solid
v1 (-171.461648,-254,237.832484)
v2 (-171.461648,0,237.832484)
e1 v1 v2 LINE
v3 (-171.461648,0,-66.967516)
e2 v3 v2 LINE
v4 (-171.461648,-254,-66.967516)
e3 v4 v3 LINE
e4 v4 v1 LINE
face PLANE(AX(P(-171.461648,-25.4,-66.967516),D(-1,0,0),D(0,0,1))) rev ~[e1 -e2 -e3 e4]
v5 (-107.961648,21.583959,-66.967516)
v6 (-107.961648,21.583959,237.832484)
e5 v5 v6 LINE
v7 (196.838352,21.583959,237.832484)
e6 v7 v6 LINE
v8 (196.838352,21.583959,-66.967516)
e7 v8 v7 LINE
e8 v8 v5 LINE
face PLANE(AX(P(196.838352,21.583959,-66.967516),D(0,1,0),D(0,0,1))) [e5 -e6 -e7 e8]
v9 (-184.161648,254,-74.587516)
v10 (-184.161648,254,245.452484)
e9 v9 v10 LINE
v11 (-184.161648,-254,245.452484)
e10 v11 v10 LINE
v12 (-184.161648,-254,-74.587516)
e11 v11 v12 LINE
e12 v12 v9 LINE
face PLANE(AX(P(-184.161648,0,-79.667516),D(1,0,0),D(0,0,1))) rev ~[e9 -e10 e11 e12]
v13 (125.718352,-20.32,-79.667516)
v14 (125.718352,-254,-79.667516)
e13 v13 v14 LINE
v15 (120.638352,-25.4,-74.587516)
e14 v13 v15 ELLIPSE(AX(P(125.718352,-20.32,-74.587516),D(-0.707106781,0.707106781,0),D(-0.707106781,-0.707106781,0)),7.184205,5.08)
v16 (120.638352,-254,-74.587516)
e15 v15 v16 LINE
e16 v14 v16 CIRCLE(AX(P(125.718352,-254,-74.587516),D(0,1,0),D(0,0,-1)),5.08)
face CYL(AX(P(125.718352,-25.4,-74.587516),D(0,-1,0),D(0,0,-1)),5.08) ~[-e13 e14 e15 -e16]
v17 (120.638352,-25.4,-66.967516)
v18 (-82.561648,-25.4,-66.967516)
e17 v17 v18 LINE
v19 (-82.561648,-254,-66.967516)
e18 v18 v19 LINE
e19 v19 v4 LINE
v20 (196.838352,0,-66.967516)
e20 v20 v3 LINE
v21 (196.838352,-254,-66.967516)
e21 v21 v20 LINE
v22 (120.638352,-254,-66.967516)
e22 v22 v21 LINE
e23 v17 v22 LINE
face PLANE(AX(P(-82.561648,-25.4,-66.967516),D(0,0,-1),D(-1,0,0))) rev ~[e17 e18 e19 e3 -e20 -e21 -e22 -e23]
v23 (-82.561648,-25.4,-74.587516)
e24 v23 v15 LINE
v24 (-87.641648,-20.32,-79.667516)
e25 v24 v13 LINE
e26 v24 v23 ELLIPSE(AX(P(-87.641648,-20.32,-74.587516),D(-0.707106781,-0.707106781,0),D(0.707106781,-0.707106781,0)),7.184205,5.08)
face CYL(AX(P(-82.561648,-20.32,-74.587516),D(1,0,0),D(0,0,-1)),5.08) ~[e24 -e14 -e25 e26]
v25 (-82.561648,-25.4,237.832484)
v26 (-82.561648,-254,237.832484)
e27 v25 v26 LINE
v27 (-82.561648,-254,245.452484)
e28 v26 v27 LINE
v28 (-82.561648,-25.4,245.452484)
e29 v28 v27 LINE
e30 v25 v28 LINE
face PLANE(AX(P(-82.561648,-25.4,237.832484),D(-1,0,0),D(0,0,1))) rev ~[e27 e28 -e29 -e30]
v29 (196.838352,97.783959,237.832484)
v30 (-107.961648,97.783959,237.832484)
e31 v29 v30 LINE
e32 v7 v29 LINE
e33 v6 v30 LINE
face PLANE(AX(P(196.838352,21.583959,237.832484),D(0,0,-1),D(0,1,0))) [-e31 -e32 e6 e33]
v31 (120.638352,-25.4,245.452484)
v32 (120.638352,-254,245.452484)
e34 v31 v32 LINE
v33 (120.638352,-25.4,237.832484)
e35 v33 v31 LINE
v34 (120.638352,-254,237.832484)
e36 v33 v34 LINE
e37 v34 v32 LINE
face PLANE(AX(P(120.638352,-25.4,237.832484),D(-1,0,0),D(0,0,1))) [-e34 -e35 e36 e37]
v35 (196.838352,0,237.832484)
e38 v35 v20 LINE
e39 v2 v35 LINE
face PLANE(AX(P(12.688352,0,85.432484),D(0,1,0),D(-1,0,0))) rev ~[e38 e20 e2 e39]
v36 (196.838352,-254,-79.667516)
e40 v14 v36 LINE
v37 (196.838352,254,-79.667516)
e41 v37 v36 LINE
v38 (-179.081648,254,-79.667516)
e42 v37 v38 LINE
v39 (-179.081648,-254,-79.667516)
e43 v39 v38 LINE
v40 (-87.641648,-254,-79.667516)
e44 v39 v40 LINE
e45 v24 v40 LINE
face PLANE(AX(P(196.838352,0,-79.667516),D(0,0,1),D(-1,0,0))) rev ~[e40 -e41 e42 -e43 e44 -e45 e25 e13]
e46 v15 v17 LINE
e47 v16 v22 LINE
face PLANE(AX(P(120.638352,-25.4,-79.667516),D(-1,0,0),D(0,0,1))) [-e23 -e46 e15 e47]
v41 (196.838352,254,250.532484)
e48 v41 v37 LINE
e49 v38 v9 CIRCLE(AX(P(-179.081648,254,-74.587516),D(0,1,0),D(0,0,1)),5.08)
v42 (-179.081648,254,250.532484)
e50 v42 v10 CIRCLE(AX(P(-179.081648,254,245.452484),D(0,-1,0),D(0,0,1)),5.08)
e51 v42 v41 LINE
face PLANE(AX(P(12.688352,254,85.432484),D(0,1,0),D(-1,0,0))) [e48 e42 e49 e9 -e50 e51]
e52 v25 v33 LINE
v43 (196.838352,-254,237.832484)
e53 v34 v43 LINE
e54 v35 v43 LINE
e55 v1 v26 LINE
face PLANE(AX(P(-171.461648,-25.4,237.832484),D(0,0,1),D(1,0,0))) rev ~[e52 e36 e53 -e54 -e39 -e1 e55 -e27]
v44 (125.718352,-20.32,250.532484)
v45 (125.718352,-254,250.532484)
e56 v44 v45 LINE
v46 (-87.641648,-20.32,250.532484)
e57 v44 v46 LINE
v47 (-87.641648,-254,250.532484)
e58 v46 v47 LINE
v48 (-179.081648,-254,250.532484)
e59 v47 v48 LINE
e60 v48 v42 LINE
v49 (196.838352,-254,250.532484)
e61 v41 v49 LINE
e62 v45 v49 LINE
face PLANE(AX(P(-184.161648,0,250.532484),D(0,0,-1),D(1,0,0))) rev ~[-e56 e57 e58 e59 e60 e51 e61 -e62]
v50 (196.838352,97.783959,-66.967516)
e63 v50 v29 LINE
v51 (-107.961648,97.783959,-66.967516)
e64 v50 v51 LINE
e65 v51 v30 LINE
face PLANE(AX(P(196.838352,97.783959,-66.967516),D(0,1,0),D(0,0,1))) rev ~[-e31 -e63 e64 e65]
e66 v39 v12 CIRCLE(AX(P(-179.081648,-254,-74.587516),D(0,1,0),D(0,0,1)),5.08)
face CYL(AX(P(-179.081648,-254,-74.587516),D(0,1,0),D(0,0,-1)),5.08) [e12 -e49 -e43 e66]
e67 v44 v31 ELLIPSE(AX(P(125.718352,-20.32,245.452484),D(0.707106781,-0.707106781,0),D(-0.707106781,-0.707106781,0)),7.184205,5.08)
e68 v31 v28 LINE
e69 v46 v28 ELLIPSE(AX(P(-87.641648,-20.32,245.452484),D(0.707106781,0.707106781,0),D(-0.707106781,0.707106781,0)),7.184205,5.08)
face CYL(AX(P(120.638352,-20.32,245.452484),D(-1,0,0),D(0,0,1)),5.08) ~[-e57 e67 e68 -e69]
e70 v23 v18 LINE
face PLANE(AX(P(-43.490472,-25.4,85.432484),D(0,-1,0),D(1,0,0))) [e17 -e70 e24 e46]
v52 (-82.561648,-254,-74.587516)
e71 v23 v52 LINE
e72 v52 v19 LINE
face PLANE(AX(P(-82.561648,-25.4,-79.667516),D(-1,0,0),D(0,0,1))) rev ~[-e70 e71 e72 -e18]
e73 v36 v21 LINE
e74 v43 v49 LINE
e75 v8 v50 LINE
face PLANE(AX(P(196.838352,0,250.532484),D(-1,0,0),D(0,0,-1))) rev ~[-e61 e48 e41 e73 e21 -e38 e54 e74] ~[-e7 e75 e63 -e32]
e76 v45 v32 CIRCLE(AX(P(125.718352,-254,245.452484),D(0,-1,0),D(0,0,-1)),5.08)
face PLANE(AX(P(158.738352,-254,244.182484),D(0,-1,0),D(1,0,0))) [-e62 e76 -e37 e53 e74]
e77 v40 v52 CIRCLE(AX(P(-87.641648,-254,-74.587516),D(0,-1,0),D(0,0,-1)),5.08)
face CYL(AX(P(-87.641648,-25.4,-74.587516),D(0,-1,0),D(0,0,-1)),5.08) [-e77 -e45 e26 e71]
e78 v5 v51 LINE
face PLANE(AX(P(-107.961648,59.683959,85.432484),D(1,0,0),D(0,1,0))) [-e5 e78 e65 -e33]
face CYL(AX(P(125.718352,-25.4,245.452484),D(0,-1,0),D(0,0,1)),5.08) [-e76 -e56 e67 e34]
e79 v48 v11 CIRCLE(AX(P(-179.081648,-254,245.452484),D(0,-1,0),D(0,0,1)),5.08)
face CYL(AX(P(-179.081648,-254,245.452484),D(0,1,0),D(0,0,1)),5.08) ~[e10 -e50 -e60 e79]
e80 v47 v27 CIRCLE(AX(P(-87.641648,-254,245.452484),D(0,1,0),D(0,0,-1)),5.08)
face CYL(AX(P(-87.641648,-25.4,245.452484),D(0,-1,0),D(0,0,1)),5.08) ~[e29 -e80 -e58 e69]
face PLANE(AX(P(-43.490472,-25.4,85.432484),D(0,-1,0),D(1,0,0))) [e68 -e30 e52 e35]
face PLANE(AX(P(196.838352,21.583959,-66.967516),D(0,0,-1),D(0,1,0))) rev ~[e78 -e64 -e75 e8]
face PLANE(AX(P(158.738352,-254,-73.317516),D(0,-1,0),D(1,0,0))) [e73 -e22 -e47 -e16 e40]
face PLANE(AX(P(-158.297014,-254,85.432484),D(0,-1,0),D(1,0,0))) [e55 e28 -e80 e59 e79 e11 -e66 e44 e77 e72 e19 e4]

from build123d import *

# Parameters (mm, degrees)
F1_DEPTH = 25.4
F2_W     = 76.2
F2_H     = 12.7
F3_DEPTH = 228.6
F4_W     = 368.3
F4_H     = 304.8
F5_DEPTH = 254
F6_R     = 5.08
F7_W     = 76.2
F7_H     = 304.8
F8_DEPTH = 304.8


with BuildPart() as f1:
    # F0 (on Front) → F1 (new body)
    with BuildSketch(Plane.XZ):
        Polygon((-171.4616481543, -66.9675160527), (-171.4616481543, 237.8324839473), (196.8383518457, 237.8324839473), (196.8383518457, 250.5324839473), (-184.1616481543, 250.5324839473), (-184.1616481543, -79.6675160527), (196.8383518457, -79.6675160527), (196.8383518457, -66.9675160527), align=None)
    extrude(amount=F1_DEPTH)

    # F2 (on face) → F3 (join)
    with BuildSketch(Plane.XZ.offset(25.4)):
        Polygon((-82.5616481543, 237.8324839473), (-82.5616481543, 250.5324839473), (-184.1616481543, 250.5324839473), (-184.1616481543, -79.6675160527), (-82.5616481543, -79.6675160527), (-82.5616481543, -66.9675160527), (-171.4616481543, -66.9675160527), (-171.4616481543, 237.8324839473), align=None)
        with Locations((158.7383518457, 244.1824839473)):
            Rectangle(F2_W, F2_H)
        with Locations((158.7383518457, -73.3175160527)):
            Rectangle(F2_W, F2_H)
    extrude(amount=F3_DEPTH)

    # F4 (on face) → F5 (join)
    with BuildSketch(Plane(origin=(0, 0, 0), x_dir=(-1, 0, 0), z_dir=(0, 1, 0))):
        with Locations((-12.6883518457, 85.4324839473)):
            Rectangle(F4_W, F4_H)
        Polygon((184.1616481543, 250.5324839473), (-196.8383518457, 250.5324839473), (-196.8383518457, 237.8324839473), (171.4616481543, 237.8324839473), (171.4616481543, -66.9675160527), (-196.8383518457, -66.9675160527), (-196.8383518457, -79.6675160527), (184.1616481543, -79.6675160527), align=None)
    extrude(amount=F5_DEPTH)

    # F6
    f6_edges = [f1.edges().sort_by_distance(p)[0] for p in [
        (-184.161648, 0, -79.667516),
        (-184.161648, 0, 250.532484),
        (-82.561648, -139.7, -79.667516),
        (120.638352, -139.7, -79.667516),
        (19.038352, -25.4, -79.667516),
        (120.638352, -139.7, 250.532484),
        (19.038352, -25.4, 250.532484),
        (-82.561648, -139.7, 250.532484),
    ]]
    fillet(f6_edges, radius=F6_R)

    # F7 (on face) → F8 (cut)
    with BuildSketch(Plane.YZ.offset(196.8383518457)):
        with Locations((59.6839594603, 85.4324839473)):
            Rectangle(F7_W, F7_H)
    extrude(amount=-F8_DEPTH, mode=Mode.SUBTRACT)


solid = f1.part
